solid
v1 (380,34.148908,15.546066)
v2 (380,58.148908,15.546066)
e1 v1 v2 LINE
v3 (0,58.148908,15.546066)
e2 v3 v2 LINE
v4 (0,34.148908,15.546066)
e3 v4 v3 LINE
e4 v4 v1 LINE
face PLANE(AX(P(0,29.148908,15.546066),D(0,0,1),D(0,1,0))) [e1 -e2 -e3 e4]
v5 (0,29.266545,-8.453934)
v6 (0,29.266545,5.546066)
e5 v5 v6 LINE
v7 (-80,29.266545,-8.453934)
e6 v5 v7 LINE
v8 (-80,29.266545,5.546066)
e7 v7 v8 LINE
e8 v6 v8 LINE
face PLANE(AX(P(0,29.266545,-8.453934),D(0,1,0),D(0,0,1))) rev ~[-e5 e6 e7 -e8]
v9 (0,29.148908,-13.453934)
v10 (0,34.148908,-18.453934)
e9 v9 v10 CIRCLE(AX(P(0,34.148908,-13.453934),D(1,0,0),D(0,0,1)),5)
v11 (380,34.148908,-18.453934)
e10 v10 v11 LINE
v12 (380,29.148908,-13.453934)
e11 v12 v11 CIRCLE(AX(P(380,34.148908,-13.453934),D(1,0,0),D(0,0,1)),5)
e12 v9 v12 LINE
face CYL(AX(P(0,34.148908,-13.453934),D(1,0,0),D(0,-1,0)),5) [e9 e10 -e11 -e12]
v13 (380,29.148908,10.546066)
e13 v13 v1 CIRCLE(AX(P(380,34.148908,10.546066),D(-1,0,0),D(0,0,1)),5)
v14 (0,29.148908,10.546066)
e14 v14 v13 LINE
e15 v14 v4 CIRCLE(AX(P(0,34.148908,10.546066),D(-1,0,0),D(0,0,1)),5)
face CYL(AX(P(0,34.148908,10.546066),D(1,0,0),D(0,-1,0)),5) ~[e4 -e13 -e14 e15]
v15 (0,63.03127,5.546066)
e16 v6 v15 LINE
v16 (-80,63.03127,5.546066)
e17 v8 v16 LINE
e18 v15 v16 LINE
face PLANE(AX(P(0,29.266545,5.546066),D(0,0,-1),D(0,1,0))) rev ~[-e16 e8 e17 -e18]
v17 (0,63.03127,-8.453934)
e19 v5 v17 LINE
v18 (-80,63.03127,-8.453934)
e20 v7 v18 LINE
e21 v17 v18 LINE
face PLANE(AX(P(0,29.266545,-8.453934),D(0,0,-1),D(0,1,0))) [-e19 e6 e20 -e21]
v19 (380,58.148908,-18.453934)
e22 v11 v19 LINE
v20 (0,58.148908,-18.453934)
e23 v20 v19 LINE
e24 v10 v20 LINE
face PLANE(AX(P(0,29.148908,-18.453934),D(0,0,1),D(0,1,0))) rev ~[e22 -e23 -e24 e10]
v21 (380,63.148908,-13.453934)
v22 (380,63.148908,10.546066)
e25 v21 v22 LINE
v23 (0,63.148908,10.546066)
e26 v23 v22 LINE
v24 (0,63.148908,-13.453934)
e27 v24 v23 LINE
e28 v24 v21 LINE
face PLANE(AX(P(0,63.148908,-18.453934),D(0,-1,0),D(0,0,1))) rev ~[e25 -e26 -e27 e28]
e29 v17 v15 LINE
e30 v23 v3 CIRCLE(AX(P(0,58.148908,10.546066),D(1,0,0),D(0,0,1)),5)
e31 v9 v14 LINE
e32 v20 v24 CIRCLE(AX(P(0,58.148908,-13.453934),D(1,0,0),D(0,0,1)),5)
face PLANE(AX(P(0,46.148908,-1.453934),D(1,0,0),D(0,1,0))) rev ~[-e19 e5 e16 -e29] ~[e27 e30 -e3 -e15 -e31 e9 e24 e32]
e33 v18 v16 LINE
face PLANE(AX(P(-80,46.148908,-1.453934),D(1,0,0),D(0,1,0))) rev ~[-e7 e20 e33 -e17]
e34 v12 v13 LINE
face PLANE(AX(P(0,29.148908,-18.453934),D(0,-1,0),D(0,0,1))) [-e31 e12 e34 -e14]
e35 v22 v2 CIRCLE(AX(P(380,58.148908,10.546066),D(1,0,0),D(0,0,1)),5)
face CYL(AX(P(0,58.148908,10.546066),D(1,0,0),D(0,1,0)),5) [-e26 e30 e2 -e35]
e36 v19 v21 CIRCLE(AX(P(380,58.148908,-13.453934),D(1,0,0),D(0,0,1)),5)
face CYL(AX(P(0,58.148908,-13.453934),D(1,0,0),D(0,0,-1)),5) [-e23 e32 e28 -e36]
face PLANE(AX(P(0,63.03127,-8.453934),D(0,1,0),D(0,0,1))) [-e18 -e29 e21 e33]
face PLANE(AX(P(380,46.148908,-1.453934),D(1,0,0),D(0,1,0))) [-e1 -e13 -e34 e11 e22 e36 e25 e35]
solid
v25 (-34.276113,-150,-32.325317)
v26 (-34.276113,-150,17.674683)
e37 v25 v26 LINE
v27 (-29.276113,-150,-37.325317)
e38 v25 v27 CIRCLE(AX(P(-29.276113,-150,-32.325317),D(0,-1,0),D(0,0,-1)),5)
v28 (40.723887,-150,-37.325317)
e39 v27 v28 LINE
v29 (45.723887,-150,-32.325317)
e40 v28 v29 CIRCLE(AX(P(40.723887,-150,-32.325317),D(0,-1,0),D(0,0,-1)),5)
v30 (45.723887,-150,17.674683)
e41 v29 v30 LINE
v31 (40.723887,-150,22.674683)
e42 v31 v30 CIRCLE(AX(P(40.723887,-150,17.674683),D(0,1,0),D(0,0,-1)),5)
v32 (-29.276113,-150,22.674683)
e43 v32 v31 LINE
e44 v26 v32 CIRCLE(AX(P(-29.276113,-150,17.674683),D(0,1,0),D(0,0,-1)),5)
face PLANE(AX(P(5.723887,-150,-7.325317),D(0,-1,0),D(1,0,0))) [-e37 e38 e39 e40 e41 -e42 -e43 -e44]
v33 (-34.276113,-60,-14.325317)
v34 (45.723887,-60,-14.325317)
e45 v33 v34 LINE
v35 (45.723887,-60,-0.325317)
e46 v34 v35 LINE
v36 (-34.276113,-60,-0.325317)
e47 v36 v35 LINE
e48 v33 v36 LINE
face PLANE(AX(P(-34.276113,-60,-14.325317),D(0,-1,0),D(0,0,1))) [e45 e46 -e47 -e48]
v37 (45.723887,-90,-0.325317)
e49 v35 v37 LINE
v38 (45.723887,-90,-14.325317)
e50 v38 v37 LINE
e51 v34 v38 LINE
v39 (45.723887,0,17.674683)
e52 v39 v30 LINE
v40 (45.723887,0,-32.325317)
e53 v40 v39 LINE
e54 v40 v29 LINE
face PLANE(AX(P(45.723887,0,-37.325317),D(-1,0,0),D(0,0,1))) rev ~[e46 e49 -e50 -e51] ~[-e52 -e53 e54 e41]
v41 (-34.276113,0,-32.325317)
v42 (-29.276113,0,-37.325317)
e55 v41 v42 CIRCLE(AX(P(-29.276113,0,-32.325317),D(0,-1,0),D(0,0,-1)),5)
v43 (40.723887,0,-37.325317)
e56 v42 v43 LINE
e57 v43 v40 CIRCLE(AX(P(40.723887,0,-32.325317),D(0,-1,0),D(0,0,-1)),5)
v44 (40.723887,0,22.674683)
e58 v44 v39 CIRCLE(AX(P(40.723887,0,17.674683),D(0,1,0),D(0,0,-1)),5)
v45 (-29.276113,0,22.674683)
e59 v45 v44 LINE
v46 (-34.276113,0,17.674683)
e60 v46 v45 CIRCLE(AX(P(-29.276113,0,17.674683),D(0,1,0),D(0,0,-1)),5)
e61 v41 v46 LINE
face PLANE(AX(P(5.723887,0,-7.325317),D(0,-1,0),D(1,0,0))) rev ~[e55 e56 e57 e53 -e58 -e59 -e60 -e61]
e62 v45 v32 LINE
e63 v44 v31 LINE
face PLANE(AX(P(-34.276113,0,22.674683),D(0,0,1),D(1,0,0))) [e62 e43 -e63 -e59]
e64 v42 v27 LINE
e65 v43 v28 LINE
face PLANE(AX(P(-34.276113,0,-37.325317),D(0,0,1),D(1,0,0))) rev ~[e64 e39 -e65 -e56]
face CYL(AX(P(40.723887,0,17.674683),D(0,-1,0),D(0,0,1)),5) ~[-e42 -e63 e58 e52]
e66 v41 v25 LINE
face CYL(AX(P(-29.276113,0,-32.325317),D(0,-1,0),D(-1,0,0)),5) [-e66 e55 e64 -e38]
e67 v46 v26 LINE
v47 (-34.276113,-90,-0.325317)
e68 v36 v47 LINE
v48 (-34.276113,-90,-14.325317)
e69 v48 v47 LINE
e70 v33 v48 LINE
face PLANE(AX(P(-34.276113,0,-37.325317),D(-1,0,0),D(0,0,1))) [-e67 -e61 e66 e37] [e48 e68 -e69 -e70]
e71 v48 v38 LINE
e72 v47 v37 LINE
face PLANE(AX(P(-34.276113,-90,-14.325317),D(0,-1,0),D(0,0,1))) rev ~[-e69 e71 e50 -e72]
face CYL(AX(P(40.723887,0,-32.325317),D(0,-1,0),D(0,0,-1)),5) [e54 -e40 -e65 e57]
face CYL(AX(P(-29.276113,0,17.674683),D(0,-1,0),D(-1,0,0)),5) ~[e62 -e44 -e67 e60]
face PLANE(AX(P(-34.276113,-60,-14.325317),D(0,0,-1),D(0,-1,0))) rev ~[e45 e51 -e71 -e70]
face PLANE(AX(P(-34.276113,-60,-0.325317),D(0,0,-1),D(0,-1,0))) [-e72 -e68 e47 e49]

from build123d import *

# Parameters (mm, degrees)
F0_W     = 80
F0_H     = 60
F1_DEPTH = 150
F2_W     = 30
F2_H     = 14
F3_DEPTH = 80.001
F4_W     = 34
F4_H     = 34
F5_DEPTH = 380
F6_R     = 5
F6_2_R   = 5
F7_W     = 33.764725
F7_H     = 14
F8_DEPTH = 80


with BuildPart() as f1:
    # F0 (on Front) → F1 (new body)
    with BuildSketch(Plane.XZ):
        with Locations((5.723887, -7.325317)):
            Rectangle(F0_W, F0_H)
    extrude(amount=F1_DEPTH)

    # F2 (on face) → F3 (cut, through all)
    with BuildSketch(Plane(origin=(-34.276113, 0, 0), x_dir=(0, -1, 0), z_dir=(-1, 0, 0))):
        with Locations((75, -7.325317)):
            Rectangle(F2_W, F2_H)
    extrude(amount=-F3_DEPTH, mode=Mode.SUBTRACT)

    # F6#2
    f6_2_edges = [f1.edges().sort_by_distance(p)[0] for p in [
        (45.723887, -75, -37.325317),
        (-34.276113, -75, -37.325317),
        (-34.276113, -75, 22.674683),
        (45.723887, -75, 22.674683),
    ]]
    fillet(f6_2_edges, radius=F6_2_R)


with BuildPart() as f5:
    # F4 (on Right) → F5 (new body)
    with BuildSketch(Plane.YZ):
        with Locations((46.148908, -1.453934)):
            Rectangle(F4_W, F4_H)
    extrude(amount=F5_DEPTH)

    # F6
    f6_edges = [f5.edges().sort_by_distance(p)[0] for p in [
        (190, 63.148908, 15.546066),
        (190, 29.148908, 15.546066),
        (190, 29.148908, -18.453934),
        (190, 63.148908, -18.453934),
    ]]
    fillet(f6_edges, radius=F6_R)

    # F7 (on face) → F8 (join)
    with BuildSketch(Plane.YZ):
        with Locations((46.148908, -1.453934)):
            Rectangle(F7_W, F7_H)
    extrude(amount=-F8_DEPTH)


solid = Compound([f1.part, f5.part])
